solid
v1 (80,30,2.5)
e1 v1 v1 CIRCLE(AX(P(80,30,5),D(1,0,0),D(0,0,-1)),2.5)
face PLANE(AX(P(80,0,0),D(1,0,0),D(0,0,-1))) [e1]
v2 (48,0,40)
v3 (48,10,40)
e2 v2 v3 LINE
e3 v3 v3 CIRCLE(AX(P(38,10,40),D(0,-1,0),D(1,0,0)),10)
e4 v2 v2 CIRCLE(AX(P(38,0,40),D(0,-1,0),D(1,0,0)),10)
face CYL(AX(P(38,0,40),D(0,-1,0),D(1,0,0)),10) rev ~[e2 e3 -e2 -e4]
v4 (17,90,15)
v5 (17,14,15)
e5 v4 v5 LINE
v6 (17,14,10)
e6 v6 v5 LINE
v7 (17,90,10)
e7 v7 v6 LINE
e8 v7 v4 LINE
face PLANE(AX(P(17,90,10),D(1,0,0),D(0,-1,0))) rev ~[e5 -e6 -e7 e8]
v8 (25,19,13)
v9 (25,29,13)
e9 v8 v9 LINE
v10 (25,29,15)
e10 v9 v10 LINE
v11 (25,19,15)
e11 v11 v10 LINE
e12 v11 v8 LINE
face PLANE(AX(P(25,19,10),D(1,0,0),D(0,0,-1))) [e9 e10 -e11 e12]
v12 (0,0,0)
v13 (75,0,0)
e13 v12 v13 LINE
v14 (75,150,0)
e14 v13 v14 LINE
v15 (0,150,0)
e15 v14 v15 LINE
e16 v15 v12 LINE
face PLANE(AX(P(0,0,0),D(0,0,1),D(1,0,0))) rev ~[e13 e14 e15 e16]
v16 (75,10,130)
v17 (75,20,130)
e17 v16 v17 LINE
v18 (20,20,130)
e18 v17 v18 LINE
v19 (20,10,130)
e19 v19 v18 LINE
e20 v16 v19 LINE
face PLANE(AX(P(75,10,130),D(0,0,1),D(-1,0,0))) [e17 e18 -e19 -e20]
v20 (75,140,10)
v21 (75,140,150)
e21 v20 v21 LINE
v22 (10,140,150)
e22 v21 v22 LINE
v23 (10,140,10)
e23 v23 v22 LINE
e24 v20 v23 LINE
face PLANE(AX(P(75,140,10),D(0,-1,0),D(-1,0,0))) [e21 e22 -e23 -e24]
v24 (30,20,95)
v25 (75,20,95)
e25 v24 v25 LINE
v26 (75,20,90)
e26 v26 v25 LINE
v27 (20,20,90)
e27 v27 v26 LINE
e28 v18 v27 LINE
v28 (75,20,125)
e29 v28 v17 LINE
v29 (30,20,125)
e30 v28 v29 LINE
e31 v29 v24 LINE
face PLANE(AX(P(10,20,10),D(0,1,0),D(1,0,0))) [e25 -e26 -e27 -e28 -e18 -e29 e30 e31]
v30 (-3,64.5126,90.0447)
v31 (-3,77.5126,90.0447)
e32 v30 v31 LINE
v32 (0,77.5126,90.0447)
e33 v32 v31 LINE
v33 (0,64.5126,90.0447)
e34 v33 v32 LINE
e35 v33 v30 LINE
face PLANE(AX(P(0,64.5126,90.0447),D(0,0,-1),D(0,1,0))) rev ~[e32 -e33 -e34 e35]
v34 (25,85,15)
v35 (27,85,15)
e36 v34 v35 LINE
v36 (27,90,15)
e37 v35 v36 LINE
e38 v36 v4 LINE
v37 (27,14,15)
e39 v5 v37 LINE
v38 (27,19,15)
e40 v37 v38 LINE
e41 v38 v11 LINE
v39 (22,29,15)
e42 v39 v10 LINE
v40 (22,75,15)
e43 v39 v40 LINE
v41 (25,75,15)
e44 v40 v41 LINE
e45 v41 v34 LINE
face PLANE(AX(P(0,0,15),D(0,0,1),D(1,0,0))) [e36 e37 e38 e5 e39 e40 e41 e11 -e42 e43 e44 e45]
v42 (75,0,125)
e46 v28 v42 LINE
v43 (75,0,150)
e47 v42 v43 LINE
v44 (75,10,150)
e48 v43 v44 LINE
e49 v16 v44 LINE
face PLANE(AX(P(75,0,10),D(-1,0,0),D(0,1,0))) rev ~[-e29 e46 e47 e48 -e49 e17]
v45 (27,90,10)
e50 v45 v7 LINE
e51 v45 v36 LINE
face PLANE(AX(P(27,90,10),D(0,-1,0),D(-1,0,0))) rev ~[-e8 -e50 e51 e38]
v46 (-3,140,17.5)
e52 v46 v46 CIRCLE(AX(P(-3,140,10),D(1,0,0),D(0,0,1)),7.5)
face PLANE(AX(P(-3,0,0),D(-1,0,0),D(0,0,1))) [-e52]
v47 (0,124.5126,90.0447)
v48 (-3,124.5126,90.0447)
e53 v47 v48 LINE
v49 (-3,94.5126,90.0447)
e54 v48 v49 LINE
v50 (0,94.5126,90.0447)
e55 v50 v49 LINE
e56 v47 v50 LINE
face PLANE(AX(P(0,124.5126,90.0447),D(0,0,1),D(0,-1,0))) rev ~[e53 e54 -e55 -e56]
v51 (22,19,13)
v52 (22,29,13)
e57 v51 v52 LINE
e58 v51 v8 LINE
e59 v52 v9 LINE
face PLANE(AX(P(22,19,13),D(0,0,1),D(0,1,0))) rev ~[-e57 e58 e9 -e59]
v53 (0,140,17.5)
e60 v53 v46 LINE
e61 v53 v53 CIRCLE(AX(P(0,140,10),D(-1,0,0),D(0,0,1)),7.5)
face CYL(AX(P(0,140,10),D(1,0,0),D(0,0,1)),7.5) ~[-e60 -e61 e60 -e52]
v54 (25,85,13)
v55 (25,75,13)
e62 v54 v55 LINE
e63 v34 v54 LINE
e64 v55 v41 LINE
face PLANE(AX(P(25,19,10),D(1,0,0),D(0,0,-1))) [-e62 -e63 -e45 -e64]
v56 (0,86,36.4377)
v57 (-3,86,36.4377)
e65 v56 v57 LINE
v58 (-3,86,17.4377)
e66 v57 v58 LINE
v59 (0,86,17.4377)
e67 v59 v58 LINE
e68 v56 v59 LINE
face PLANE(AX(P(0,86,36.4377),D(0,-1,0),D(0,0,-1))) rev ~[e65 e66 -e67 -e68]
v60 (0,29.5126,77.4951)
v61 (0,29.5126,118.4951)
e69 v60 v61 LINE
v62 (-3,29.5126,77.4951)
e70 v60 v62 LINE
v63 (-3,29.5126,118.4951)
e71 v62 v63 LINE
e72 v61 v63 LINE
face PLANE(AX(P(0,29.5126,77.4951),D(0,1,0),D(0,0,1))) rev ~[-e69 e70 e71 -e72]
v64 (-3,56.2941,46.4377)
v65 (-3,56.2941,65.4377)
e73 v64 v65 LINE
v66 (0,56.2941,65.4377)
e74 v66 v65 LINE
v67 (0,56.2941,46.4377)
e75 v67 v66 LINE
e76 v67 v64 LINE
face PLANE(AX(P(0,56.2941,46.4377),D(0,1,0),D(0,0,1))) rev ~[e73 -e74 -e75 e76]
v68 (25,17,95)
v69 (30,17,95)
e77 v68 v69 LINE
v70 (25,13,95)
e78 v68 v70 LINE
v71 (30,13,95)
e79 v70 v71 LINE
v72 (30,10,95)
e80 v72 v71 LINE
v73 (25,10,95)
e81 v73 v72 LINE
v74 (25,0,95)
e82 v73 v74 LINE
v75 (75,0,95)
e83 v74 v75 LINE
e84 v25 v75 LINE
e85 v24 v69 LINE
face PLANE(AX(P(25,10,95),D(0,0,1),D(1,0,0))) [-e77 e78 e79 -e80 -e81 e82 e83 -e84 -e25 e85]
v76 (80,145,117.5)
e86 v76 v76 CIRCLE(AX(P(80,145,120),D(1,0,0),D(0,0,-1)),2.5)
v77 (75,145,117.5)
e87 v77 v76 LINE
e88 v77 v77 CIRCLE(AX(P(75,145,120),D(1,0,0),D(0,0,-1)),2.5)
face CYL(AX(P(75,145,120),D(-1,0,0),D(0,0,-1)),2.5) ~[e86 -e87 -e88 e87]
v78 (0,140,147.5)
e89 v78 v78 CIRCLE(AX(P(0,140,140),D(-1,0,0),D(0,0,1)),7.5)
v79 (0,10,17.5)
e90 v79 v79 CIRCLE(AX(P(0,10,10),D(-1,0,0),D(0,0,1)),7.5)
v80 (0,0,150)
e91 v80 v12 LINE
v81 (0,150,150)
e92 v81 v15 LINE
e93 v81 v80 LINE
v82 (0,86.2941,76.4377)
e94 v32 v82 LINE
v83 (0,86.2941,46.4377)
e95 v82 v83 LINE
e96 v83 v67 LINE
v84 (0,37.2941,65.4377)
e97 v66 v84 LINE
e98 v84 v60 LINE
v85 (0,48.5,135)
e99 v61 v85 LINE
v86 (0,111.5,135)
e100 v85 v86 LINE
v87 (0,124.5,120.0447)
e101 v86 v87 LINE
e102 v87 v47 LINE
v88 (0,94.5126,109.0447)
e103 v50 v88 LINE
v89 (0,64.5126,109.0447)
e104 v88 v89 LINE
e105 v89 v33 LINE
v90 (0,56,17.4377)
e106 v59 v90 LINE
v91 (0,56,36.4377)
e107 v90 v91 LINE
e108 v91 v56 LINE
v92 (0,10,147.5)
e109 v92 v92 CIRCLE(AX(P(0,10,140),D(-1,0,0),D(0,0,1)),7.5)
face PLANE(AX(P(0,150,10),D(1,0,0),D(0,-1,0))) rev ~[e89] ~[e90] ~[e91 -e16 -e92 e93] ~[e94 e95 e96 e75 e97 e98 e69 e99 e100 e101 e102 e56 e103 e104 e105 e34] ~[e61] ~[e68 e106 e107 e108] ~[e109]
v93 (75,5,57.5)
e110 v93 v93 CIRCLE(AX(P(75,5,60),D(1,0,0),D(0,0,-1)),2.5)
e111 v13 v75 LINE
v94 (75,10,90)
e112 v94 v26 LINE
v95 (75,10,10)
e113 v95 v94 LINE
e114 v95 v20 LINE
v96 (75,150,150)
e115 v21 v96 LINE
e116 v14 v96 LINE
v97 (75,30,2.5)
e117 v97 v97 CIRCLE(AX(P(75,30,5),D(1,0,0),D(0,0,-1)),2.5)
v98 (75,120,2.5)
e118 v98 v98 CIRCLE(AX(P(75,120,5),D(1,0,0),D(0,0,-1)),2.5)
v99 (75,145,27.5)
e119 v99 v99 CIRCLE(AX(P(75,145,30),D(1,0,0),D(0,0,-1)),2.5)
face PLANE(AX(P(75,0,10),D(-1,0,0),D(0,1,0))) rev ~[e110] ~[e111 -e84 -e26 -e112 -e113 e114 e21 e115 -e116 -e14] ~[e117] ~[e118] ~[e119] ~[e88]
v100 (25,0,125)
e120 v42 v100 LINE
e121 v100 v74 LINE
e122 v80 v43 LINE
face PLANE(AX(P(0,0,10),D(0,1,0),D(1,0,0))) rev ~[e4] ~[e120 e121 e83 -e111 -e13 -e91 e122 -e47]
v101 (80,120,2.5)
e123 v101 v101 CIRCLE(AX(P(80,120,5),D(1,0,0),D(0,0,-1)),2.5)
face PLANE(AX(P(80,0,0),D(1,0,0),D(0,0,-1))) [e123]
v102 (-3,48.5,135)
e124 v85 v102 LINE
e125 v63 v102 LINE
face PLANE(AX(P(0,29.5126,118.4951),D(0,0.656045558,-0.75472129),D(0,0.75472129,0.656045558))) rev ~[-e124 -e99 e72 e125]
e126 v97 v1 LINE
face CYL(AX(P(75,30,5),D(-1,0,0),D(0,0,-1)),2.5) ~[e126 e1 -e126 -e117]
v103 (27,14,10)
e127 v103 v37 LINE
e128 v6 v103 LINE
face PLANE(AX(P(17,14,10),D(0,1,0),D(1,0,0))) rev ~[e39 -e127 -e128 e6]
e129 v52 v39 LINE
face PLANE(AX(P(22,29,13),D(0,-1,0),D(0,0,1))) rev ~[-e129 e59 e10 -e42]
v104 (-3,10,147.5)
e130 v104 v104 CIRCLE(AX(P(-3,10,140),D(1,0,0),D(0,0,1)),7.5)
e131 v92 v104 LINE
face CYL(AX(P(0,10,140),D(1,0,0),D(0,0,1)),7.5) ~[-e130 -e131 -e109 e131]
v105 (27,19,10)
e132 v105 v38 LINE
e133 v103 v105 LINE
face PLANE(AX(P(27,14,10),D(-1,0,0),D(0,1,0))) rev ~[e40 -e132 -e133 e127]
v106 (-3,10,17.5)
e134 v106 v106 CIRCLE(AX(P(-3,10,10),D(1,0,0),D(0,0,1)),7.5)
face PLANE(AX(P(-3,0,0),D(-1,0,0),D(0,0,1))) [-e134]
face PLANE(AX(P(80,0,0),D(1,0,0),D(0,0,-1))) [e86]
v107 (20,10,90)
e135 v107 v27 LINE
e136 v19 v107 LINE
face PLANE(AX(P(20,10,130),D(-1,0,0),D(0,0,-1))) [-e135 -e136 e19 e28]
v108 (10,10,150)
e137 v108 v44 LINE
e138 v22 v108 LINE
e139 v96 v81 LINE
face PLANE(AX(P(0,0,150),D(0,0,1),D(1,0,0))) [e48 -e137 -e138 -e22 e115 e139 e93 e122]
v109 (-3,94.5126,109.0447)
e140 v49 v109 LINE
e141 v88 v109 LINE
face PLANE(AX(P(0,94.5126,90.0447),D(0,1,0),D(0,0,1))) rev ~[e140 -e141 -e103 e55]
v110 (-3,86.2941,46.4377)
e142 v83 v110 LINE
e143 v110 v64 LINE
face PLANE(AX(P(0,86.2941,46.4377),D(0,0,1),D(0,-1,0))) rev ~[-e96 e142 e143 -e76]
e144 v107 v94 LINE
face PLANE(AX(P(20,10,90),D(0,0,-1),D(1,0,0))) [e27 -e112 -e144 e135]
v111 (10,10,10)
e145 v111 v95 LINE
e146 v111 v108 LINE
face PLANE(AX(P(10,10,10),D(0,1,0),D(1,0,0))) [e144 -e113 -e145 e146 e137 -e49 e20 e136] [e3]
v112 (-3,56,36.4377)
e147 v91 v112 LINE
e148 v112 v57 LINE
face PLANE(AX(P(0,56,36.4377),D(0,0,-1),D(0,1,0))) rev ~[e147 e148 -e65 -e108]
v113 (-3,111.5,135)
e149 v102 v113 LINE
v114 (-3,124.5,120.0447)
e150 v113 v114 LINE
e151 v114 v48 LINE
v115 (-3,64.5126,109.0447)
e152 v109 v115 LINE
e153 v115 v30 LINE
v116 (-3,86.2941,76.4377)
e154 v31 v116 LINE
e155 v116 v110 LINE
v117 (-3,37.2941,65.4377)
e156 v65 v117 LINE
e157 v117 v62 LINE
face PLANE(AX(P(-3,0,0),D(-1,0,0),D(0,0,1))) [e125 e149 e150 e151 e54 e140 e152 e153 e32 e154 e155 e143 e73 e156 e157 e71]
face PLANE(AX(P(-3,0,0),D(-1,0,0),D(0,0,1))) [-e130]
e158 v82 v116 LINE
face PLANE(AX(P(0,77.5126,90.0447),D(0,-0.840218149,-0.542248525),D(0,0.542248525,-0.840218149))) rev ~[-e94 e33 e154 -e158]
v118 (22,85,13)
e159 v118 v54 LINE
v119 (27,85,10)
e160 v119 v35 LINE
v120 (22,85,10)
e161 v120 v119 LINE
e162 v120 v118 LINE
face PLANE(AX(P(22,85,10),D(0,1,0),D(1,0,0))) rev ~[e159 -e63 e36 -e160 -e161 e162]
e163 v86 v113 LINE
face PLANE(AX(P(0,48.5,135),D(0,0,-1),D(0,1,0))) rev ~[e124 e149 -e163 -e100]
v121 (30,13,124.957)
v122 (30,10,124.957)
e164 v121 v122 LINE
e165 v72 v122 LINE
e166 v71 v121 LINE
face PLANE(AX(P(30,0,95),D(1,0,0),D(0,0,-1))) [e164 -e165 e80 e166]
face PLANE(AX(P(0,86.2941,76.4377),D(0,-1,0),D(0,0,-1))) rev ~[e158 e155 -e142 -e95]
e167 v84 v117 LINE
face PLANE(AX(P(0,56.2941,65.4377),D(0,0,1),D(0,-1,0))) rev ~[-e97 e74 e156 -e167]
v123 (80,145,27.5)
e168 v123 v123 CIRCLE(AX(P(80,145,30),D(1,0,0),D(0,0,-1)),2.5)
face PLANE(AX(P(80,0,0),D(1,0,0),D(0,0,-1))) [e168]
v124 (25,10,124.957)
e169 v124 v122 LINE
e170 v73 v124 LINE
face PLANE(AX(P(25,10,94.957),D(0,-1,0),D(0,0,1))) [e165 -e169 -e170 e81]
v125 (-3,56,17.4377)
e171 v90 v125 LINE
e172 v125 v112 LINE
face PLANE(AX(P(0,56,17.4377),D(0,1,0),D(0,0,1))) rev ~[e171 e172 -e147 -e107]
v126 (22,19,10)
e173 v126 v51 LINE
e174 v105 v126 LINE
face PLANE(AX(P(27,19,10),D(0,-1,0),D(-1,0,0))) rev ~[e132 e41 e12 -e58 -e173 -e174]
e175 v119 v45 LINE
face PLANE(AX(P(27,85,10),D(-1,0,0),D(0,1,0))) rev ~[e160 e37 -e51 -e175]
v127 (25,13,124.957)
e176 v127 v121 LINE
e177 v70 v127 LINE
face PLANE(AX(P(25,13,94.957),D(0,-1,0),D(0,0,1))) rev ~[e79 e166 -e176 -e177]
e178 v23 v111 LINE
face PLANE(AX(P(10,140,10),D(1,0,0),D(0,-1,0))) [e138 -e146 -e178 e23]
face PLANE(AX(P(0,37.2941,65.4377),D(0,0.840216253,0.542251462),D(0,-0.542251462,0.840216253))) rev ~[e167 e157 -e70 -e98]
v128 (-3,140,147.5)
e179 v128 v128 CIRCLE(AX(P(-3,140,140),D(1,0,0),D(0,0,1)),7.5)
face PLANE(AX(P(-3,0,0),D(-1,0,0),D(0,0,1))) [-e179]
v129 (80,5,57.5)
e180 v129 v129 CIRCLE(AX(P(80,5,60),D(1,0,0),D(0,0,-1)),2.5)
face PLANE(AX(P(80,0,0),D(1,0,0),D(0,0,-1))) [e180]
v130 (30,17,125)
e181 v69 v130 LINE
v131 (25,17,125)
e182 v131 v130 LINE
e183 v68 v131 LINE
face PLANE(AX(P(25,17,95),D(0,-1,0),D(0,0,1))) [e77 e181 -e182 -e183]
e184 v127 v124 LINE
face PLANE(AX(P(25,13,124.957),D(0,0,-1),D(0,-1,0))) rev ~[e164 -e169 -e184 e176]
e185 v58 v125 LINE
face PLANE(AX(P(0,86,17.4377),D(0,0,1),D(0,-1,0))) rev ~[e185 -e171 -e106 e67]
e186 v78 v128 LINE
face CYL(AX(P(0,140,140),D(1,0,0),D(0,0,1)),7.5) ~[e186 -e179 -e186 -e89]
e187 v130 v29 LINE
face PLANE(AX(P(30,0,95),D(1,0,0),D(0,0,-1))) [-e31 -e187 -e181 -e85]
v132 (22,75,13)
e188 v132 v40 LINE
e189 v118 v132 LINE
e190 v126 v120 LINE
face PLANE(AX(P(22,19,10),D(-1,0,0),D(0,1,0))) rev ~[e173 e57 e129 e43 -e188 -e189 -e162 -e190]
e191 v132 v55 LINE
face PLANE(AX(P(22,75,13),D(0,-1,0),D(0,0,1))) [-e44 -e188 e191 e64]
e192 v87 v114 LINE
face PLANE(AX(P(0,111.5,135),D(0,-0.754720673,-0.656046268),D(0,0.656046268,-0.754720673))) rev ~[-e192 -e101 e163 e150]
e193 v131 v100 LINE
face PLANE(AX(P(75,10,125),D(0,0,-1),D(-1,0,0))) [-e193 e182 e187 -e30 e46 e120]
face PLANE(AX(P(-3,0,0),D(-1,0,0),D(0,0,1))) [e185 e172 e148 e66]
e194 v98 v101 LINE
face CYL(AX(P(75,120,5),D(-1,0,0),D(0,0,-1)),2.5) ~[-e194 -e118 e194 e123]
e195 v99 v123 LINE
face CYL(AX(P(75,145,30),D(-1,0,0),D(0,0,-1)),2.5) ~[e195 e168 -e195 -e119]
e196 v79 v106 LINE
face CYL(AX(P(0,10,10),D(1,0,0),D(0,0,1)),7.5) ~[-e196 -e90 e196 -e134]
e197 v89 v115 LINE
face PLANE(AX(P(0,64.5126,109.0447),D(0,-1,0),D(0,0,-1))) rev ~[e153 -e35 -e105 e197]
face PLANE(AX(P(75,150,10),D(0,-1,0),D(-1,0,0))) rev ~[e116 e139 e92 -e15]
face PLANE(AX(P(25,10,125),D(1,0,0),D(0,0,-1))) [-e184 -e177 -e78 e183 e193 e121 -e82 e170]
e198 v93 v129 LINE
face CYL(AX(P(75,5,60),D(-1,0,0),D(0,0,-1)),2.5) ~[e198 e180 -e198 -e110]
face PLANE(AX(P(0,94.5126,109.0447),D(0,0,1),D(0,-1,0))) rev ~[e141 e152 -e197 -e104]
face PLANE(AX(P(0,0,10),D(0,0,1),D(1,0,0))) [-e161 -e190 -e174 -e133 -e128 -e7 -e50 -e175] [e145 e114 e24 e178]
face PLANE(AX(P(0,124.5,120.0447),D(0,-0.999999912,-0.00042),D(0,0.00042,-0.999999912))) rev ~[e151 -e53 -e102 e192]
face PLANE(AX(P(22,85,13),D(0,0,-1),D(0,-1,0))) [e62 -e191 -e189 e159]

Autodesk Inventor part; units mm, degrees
ref_plane "YZ Plane" through (0, 0, 0) normal (1, 0, 0) x (0, 1, 0)
ref_plane "XZ Plane" through (0, 0, 0) normal (0, 1, 0) x (-1, 0, 0)
ref_plane "XY Plane" through (0, 0, 0) normal (0, 0, 1) x (1, 0, 0)
sketch "Sketch1" plane through (0, 0, 0) normal (0, 0, 1) x (1, 0, 0)
  line L0 (0, 0) -> (75, 0)
  line L1 (75, 0) -> (75, 150)
  line L2 (75, 150) -> (0, 150)
  line L3 (0, 150) -> (0, 0)
  dimension "d0" = 75
  dimension "d1" = 150
extrude "Extrusion1" add sketch "Sketch1" along normal blind 10
sketch "Sketch2" plane through (0, 0, 10) normal (0, 0, 1) x (1, 0, 0)
  line L0 (17, 90) -> (17, 14)
  line L1 (17, 14) -> (27, 14)
  line L2 (27, 14) -> (27, 19)
  line L3 (27, 19) -> (22, 19)
  line L4 (22, 19) -> (22, 85)
  line L5 (22, 85) -> (27, 85)
  line L6 (27, 85) -> (27, 90)
  line L7 (27, 90) -> (17, 90)
  line L8 (75, 0) -> (75, 150) projected
  line L9 (75, 150) -> (0, 150) projected
  point P0 (0, 0)
  dimension "d4" = 76
  dimension "d5" = 10
  dimension "d6" = 5
  dimension "d7" = 66
  dimension "d8" = 53
  dimension "d9" = 5
  dimension "d10" = 60
extrude "Extrusion2" add sketch "Sketch2" along normal blind 5
sketch "Sketch3" plane through (22, 19, 10) normal (1, 0, 0) x (0, 0, -1)
  line L0 (-5, 0) -> (-5, 66) projected
  line L1 (-5, 66) -> (-3, 66)
  line L2 (-3, 66) -> (-3, 56)
  line L3 (-3, 56) -> (-5, 56)
  line L4 (-5, 56) -> (-5, 66)
  line L5 (-5, 0) -> (-3, 0)
  line L6 (-3, 0) -> (-3, 10)
  line L7 (-3, 10) -> (-5, 10)
  line L8 (-5, 10) -> (-5, 0)
  point P0 (10, -19)
  point P1 (-5, 10)
  point P2 (-5, 56)
  dimension "d13" = 2
  dimension "d14" = 10
  dimension "d15" = 10
  dimension "d73" = 2
extrude "Extrusion3" add sketch "Sketch3" along normal blind 3
sketch "Sketch4" plane through (0, 0, 10) normal (0, 0, 1) x (1, 0, 0)
  line L0 (75, 0) -> (75, 150) projected
  line L1 (75, 140) -> (10, 140)
  line L2 (10, 140) -> (10, 10)
  line L3 (10, 10) -> (75, 10)
  line L4 (75, 150) -> (0, 150) projected
  line L5 (0, 150) -> (0, 0) projected
  line L6 (0, 0) -> (75, 0) projected
  dimension "d18" = 10
  dimension "d19" = 10
  dimension "d20" = 10
extrude "Extrusion4" add sketch "Sketch4" along normal blind 140 contours L6 L5 L4 L0 L1 L2 L3
sketch "Sketch5" plane through (0, 0, 0) normal (-1, 0, 0) x (0, 0, 1)
  line L0 (90.0447, 124.5126) -> (90.0447, 94.5126)
  line L1 (90.0447, 94.5126) -> (109.0447, 94.5126)
  line L2 (109.0447, 94.5126) -> (109.0447, 64.5126)
  line L3 (109.0447, 64.5126) -> (90.0447, 64.5126)
  line L4 (90.0447, 64.5126) -> (90.0447, 77.5126)
  line L5 (90.0447, 77.5126) -> (76.4377, 86.2941)
  line L6 (76.4377, 86.2941) -> (46.4377, 86.2941)
  line L7 (46.4377, 86.2941) -> (46.4377, 56.2941)
  line L8 (46.4377, 56.2941) -> (65.4377, 56.2941)
  line L9 (65.4377, 56.2941) -> (65.4377, 37.2941)
  line L10 (65.4377, 37.2941) -> (77.4951, 29.5126)
  line L11 (77.4951, 29.5126) -> (118.4951, 29.5126)
  line L12 (118.4951, 29.5126) -> (135, 48.5)
  line L13 (135, 48.5) -> (135, 111.5)
  line L14 (135, 111.5) -> (120.0447, 124.5)
  line L15 (120.0447, 124.5) -> (90.0447, 124.5126)
  line L16 (0, 0) -> (150, 0) projected
  line L17 (150, 150) -> (150, 0) projected
  line L18 (36.4377, 86) -> (17.4377, 86)
  line L19 (17.4377, 86) -> (17.4377, 56)
  line L20 (17.4377, 56) -> (36.4377, 56)
  line L21 (36.4377, 56) -> (36.4377, 86)
  line L22 (10, 140) -> (150, 140) projected
  circle A0 centre (140, 140) radius 7.5
  line L23 (10, 10) -> (150, 10) projected
  circle A1 centre (140, 10) radius 7.5
  circle A2 centre (10, 140) radius 7.5
  line L24 (10, 10) -> (10, 140) projected
  circle A3 centre (10, 10) radius 7.5
  point P0 (99.5447, 64.5126)
  point P1 (135, 80)
  point P2 (26.9377, 56)
  dimension "d43" = 30
  dimension "d44" = 19
  dimension "d45" = 30
  dimension "d46" = 13
  dimension "d47" = 30
  dimension "d48" = 30
  dimension "d49" = 19
  dimension "d50" = 19
  dimension "d51" = 41
  dimension "d52" = 63
  dimension "d53" = 13
  dimension "d56" = 35
  dimension "d57" = 95
  dimension "d58" = 30
  dimension "d59" = 80
  dimension "d60" = 25.9553
  dimension "d61" = 15
  dimension "d62" = 19
  dimension "d63" = 10
  dimension "d67" = 15
  dimension "d68" = 15
  dimension "d69" = 15
  dimension "d70" = 15
  dimension "d71" = 10
  dimension "d72" = 10
  dimension "d112" = 56
  dimension "d113" = 30
extrude "Extrusion5" add sketch "Sketch5" along normal blind 3 contours L15 L14 L13 L12 L11 L10 L9 L8 L7 L6 L5 L4 L3 L2 L1 L0 | A0 L22 | L22 A0 | A1 L23 | L23 A1 | A2 L24 L22 | L22 L24 A2 | A3 L24 L23 | L23 L24 A3 | L21 L20 L19 L18
sketch "Sketch8" plane through (10, 10, 10) normal (0, 1, 0) x (1, 0, 0)
  line L0 (65, 0) -> (65, -140) projected
  line L1 (65, -115) -> (15, -115)
  line L2 (15, -115) -> (15, -85)
  line L3 (15, -85) -> (65, -85)
  line L4 (65, -115) -> (65, -120)
  line L5 (65, -120) -> (10, -120)
  line L6 (10, -120) -> (10, -80)
  line L7 (10, -80) -> (65, -80)
  line L8 (-10, -140) -> (65, -140) projected
  point P0 (-10, 10)
  dimension "d74" = 30
  dimension "d75" = 50
  dimension "d76" = 5
  dimension "d77" = 55
  dimension "d78" = 40
  dimension "d111" = 20
extrude "Extrusion6" add sketch "Sketch8" along normal blind 10 contours L0 L3 L2 L1 L5 L6 L7
sketch "Sketch10" plane through (25, 10, 125) normal (0, 1, 0) x (1, 0, 0)
  line L0 (50, 30) -> (50, 0) projected
  line L1 (0, 30) -> (50, 30) projected
  line L2 (50, 0) -> (0, 0)
  line L3 (0, 0) -> (0, 30)
  line L4 (0, 30) -> (50, 30)
  line L5 (50, 30) -> (50, 0)
  point P0 (-25, 125)
extrude "Extrusion7" cut sketch "Sketch10" against normal blind 10
sketch "Sketch11" plane through (25, 0, 95) normal (1, 0, 0) x (0, 0, -1)
  line L0 (85, 10) -> (-55, 10) projected
  line L1 (-29.957, 10) -> (0.043, 10)
  line L2 (0.043, 10) -> (0.043, 13)
  line L3 (0.043, 13) -> (-29.957, 13)
  line L4 (-29.957, 13) -> (-29.957, 10)
  line L5 (-30, 20) -> (0, 20) projected
  line L6 (-30, 20) -> (0, 20)
  line L7 (0, 20) -> (0, 17)
  line L8 (0, 17) -> (-30, 17)
  line L9 (-30, 17) -> (-30, 20)
  point P0 (95, 0)
  dimension "d83" = 30
  dimension "d84" = 30
  dimension "d85" = 3
  dimension "d86" = 3
extrude "Extrusion8" add sketch "Sketch11" along normal blind 5
sketch "Sketch12" plane through (75, 0, 0) normal (1, 0, 0) x (0, 0, -1)
  circle A0 centre (-5, 30) radius 2.5
  circle A1 centre (-5, 120) radius 2.5
  circle A2 centre (-120, 145) radius 2.5
  circle A3 centre (-30, 145) radius 2.5
  circle A4 centre (-60, 5) radius 2.5
  line L0 (-150, 140) -> (-150, 150) projected
  line L1 (0, 150) -> (-150, 150) projected
  line L2 (0, 0) -> (0, 150) projected
  line L3 (0, 0) -> (-95, 0) projected
  line L4 (-10, 10) -> (-90, 10) projected
  point P0 (-150, 145)
  dimension "d89" = 5
  dimension "d90" = 5
  dimension "d91" = 5
  dimension "d92" = 5
  dimension "d93" = 5
  dimension "d94" = 30
  dimension "d95" = 5
  dimension "d96" = 30
  dimension "d97" = 5
  dimension "d98" = 5
  dimension "d99" = 30
  dimension "d100" = 30
  dimension "d101" = 5
  dimension "d102" = 5
  dimension "d103" = 60
sketch "Sketch13" plane through (0, 0, 0) normal (0, -1, 0) x (1, 0, 0)
  circle A0 centre (38, 40) radius 10
  line L0 (75, 0) -> (75, 95) projected
  line L1 (0, 0) -> (75, 0) projected
  point P0 (37.5, 0)
  dimension "d106" = 20
  dimension "d107" = 37
  dimension "d108" = 40
extrude "Extrusion9" add sketch "Sketch12" along normal blind 5
extrude "Extrusion10" cut sketch "Sketch13" against normal blind 10
properties part number "vraagblok"
